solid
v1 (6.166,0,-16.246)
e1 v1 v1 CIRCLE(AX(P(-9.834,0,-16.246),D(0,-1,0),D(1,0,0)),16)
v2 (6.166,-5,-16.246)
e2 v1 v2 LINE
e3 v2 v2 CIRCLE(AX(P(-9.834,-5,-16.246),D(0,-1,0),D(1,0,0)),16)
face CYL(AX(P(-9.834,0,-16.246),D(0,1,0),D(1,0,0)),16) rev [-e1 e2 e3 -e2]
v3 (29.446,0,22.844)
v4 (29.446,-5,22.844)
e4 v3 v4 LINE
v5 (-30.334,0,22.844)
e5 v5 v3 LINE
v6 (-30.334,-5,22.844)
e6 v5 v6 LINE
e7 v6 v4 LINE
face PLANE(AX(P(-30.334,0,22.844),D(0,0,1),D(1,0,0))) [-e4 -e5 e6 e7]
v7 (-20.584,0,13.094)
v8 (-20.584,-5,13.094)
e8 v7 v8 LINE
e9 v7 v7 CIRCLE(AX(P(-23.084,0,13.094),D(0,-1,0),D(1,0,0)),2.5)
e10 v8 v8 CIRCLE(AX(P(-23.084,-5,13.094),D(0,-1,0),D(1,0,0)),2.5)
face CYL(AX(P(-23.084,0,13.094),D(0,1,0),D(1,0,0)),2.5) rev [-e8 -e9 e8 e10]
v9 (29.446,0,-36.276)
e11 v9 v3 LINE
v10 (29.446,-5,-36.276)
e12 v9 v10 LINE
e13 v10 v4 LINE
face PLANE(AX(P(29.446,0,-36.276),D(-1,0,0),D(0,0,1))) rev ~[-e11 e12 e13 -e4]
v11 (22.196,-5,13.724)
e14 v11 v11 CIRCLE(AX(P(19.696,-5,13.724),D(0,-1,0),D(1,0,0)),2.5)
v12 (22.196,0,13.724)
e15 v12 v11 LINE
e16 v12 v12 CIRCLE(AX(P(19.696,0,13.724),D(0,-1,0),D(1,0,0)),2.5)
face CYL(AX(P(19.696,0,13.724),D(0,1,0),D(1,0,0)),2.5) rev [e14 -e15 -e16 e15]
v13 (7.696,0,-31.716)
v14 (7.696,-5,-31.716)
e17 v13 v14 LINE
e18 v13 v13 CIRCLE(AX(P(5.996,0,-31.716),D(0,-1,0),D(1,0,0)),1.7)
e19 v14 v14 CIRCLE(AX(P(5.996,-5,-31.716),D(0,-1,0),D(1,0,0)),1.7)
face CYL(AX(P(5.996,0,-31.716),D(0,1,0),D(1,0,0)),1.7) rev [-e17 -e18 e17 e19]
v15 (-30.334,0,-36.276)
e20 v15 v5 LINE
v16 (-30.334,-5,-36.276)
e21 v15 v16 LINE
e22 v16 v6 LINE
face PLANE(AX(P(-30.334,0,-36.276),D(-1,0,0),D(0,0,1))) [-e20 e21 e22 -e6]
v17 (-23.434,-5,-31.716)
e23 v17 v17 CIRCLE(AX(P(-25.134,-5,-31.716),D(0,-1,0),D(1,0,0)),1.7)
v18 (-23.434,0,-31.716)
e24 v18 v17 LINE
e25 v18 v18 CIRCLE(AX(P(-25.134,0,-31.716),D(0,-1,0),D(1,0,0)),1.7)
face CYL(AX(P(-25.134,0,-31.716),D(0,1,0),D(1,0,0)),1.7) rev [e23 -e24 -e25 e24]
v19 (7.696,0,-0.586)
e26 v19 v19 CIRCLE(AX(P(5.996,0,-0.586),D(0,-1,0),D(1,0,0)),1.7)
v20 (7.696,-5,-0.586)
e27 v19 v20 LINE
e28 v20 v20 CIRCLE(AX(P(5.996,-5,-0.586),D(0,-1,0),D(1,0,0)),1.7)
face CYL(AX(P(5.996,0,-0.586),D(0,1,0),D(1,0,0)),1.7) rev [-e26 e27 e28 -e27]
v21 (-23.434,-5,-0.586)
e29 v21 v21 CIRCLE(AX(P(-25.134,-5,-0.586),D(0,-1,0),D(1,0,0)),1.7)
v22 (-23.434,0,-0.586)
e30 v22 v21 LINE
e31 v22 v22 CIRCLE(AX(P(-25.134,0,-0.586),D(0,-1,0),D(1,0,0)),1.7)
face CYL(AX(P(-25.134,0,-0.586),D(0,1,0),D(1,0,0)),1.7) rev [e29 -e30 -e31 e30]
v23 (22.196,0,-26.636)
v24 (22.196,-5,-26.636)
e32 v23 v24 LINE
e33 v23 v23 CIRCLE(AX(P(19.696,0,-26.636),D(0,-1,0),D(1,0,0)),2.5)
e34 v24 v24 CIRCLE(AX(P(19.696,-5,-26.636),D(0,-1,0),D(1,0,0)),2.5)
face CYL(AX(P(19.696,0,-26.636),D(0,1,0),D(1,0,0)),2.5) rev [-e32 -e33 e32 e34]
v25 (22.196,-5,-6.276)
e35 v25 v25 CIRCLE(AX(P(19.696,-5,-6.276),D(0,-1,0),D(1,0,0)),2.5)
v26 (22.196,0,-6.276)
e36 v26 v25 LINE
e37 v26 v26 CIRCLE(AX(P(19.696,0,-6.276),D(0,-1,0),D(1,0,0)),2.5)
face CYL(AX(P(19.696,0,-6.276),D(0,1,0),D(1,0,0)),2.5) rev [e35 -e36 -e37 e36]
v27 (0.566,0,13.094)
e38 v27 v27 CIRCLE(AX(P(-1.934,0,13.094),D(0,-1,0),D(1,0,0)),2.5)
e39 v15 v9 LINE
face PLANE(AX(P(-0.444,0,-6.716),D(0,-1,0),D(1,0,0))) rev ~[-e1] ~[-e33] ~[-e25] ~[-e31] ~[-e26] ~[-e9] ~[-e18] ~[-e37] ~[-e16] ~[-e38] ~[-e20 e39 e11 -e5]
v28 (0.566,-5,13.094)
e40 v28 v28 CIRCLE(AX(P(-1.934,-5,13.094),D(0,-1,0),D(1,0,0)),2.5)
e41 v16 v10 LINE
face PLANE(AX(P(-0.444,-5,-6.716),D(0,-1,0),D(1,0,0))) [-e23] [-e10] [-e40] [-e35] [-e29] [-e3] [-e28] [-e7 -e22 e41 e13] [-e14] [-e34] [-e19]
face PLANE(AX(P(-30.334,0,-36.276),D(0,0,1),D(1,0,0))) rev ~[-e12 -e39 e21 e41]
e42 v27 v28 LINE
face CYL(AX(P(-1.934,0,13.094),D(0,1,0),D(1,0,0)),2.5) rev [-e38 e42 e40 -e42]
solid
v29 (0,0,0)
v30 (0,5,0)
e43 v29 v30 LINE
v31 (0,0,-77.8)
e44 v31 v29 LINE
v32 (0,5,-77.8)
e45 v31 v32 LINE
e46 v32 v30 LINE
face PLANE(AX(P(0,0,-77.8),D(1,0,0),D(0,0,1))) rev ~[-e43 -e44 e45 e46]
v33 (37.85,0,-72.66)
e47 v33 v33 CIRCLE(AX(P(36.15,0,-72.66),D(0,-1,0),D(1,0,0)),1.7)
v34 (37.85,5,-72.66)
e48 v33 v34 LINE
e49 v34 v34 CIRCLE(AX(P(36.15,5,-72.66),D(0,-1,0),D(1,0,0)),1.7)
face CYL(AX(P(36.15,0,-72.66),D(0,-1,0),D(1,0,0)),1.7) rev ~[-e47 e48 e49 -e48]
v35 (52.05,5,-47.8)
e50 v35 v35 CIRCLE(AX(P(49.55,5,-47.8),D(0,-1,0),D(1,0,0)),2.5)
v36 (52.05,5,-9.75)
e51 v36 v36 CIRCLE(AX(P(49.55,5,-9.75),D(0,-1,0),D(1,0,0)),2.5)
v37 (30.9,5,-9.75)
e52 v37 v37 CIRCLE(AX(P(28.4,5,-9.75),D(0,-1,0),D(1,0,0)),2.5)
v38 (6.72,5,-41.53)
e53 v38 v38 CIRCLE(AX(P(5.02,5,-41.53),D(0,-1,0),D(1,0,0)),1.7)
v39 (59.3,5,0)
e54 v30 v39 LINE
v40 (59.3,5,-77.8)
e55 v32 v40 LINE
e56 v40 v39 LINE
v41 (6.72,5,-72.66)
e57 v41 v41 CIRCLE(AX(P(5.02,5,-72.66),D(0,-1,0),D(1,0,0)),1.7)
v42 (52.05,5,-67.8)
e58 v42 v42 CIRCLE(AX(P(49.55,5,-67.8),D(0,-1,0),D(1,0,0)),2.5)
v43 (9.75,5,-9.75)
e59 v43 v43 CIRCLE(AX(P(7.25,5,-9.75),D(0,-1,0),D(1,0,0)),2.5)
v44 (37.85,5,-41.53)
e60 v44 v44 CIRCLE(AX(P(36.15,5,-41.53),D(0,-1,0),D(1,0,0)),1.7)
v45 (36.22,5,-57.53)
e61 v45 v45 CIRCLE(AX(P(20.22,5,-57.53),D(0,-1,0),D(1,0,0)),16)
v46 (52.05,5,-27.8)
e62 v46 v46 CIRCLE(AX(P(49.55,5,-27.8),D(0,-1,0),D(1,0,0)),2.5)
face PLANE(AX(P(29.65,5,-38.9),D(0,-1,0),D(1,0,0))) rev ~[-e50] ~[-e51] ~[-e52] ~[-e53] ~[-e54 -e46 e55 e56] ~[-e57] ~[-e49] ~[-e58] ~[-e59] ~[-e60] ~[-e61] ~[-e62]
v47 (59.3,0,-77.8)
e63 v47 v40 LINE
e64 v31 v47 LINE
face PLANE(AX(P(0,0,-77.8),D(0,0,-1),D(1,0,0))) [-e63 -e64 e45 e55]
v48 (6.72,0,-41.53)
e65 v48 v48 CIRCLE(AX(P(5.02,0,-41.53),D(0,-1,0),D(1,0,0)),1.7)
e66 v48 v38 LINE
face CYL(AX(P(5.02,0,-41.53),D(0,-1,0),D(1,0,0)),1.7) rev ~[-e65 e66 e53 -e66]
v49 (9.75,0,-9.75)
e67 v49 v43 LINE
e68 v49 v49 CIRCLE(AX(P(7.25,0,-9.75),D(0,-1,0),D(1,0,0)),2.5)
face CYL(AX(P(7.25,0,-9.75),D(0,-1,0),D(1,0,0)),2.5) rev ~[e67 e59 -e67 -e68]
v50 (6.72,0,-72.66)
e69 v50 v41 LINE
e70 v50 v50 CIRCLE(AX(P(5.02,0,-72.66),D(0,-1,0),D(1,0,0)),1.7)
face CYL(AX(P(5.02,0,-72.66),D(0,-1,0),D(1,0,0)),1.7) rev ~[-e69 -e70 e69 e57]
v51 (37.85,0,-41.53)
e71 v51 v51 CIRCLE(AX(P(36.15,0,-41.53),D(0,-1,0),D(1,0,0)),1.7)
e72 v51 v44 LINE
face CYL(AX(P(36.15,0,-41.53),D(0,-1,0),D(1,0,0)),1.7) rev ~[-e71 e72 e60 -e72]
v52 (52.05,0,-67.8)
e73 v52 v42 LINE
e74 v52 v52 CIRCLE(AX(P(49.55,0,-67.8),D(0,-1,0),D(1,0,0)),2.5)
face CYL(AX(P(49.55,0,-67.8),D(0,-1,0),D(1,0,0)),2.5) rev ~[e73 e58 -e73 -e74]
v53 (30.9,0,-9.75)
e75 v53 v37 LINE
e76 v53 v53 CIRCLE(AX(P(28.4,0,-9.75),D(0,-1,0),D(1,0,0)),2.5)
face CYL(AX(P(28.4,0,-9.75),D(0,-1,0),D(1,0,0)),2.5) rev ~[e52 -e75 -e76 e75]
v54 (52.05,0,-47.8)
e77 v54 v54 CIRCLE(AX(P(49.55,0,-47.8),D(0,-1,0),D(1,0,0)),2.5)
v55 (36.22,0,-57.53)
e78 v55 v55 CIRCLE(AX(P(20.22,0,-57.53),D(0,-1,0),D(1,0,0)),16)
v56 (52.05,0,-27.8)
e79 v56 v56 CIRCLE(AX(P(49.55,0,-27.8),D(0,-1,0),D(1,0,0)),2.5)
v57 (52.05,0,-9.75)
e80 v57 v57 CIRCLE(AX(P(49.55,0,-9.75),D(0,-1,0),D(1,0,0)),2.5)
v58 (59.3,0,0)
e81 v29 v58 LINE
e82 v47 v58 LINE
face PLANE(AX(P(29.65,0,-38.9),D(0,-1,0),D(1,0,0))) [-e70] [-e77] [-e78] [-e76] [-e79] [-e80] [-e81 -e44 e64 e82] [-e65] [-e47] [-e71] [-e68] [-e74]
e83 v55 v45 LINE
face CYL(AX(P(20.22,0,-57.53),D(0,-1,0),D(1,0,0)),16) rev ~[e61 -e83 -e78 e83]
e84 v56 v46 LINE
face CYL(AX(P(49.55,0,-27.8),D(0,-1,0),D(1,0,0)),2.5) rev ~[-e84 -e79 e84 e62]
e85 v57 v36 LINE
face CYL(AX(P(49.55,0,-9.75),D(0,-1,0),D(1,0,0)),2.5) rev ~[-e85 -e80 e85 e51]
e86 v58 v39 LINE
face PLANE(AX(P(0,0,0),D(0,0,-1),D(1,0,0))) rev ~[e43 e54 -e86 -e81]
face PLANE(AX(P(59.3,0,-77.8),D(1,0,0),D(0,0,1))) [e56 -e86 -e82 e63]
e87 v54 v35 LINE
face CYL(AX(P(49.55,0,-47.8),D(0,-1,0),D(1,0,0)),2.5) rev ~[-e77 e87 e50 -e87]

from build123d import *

# Parameters (mm, degrees)
F0_W     = 59.3
F0_H     = 77.8
F0_R     = 1.7
F0_R_2   = 16
F0_R_3   = 2.5
F1_DEPTH = 5
F2_W     = 59.78
F2_H     = 59.12
F2_R     = 1.7
F2_R_2   = 16
F2_R_3   = 2.5
F3_DEPTH = 5


with BuildPart() as f1:
    # F0 (on Front) → F1 (new body)
    with BuildSketch(Plane.XZ):
        with Locations((29.65, -38.9)):
            Rectangle(F0_W, F0_H)
        with Locations((5.02, -72.66)):
            Circle(F0_R, mode=Mode.SUBTRACT)
        with Locations((5.02, -41.53)):
            Circle(F0_R, mode=Mode.SUBTRACT)
        with Locations((20.22, -57.53)):
            Circle(F0_R_2, mode=Mode.SUBTRACT)
        with Locations((36.15, -72.66)):
            Circle(F0_R, mode=Mode.SUBTRACT)
        with Locations((49.55, -67.8)):
            Circle(F0_R_3, mode=Mode.SUBTRACT)
        with Locations((36.15, -41.53)):
            Circle(F0_R, mode=Mode.SUBTRACT)
        with Locations((49.55, -47.8)):
            Circle(F0_R_3, mode=Mode.SUBTRACT)
        with Locations((7.25, -9.75)):
            Circle(F0_R_3, mode=Mode.SUBTRACT)
        with Locations((28.4, -9.75)):
            Circle(F0_R_3, mode=Mode.SUBTRACT)
        with Locations((49.55, -27.8)):
            Circle(F0_R_3, mode=Mode.SUBTRACT)
        with Locations((49.55, -9.75)):
            Circle(F0_R_3, mode=Mode.SUBTRACT)
    extrude(amount=-F1_DEPTH)


with BuildPart() as f3:
    # F2 (on Front) → F3 (new body)
    with BuildSketch(Plane.XZ):
        with Locations((-0.444, -6.716)):
            Rectangle(F2_W, F2_H)
        with Locations((-25.134, -31.716)):
            Circle(F2_R, mode=Mode.SUBTRACT)
        with Locations((-9.834, -16.246)):
            Circle(F2_R_2, mode=Mode.SUBTRACT)
        with Locations((5.996, -31.716)):
            Circle(F2_R, mode=Mode.SUBTRACT)
        with Locations((19.696, -26.636)):
            Circle(F2_R_3, mode=Mode.SUBTRACT)
        with Locations((-25.134, -0.586)):
            Circle(F2_R, mode=Mode.SUBTRACT)
        with Locations((-23.084, 13.094)):
            Circle(F2_R_3, mode=Mode.SUBTRACT)
        with Locations((-1.934, 13.094)):
            Circle(F2_R_3, mode=Mode.SUBTRACT)
        with Locations((5.996, -0.586)):
            Circle(F2_R, mode=Mode.SUBTRACT)
        with Locations((19.696, -6.276)):
            Circle(F2_R_3, mode=Mode.SUBTRACT)
        with Locations((19.696, 13.724)):
            Circle(F2_R_3, mode=Mode.SUBTRACT)
    extrude(amount=F3_DEPTH)


solid = Compound([f1.part, f3.part])
